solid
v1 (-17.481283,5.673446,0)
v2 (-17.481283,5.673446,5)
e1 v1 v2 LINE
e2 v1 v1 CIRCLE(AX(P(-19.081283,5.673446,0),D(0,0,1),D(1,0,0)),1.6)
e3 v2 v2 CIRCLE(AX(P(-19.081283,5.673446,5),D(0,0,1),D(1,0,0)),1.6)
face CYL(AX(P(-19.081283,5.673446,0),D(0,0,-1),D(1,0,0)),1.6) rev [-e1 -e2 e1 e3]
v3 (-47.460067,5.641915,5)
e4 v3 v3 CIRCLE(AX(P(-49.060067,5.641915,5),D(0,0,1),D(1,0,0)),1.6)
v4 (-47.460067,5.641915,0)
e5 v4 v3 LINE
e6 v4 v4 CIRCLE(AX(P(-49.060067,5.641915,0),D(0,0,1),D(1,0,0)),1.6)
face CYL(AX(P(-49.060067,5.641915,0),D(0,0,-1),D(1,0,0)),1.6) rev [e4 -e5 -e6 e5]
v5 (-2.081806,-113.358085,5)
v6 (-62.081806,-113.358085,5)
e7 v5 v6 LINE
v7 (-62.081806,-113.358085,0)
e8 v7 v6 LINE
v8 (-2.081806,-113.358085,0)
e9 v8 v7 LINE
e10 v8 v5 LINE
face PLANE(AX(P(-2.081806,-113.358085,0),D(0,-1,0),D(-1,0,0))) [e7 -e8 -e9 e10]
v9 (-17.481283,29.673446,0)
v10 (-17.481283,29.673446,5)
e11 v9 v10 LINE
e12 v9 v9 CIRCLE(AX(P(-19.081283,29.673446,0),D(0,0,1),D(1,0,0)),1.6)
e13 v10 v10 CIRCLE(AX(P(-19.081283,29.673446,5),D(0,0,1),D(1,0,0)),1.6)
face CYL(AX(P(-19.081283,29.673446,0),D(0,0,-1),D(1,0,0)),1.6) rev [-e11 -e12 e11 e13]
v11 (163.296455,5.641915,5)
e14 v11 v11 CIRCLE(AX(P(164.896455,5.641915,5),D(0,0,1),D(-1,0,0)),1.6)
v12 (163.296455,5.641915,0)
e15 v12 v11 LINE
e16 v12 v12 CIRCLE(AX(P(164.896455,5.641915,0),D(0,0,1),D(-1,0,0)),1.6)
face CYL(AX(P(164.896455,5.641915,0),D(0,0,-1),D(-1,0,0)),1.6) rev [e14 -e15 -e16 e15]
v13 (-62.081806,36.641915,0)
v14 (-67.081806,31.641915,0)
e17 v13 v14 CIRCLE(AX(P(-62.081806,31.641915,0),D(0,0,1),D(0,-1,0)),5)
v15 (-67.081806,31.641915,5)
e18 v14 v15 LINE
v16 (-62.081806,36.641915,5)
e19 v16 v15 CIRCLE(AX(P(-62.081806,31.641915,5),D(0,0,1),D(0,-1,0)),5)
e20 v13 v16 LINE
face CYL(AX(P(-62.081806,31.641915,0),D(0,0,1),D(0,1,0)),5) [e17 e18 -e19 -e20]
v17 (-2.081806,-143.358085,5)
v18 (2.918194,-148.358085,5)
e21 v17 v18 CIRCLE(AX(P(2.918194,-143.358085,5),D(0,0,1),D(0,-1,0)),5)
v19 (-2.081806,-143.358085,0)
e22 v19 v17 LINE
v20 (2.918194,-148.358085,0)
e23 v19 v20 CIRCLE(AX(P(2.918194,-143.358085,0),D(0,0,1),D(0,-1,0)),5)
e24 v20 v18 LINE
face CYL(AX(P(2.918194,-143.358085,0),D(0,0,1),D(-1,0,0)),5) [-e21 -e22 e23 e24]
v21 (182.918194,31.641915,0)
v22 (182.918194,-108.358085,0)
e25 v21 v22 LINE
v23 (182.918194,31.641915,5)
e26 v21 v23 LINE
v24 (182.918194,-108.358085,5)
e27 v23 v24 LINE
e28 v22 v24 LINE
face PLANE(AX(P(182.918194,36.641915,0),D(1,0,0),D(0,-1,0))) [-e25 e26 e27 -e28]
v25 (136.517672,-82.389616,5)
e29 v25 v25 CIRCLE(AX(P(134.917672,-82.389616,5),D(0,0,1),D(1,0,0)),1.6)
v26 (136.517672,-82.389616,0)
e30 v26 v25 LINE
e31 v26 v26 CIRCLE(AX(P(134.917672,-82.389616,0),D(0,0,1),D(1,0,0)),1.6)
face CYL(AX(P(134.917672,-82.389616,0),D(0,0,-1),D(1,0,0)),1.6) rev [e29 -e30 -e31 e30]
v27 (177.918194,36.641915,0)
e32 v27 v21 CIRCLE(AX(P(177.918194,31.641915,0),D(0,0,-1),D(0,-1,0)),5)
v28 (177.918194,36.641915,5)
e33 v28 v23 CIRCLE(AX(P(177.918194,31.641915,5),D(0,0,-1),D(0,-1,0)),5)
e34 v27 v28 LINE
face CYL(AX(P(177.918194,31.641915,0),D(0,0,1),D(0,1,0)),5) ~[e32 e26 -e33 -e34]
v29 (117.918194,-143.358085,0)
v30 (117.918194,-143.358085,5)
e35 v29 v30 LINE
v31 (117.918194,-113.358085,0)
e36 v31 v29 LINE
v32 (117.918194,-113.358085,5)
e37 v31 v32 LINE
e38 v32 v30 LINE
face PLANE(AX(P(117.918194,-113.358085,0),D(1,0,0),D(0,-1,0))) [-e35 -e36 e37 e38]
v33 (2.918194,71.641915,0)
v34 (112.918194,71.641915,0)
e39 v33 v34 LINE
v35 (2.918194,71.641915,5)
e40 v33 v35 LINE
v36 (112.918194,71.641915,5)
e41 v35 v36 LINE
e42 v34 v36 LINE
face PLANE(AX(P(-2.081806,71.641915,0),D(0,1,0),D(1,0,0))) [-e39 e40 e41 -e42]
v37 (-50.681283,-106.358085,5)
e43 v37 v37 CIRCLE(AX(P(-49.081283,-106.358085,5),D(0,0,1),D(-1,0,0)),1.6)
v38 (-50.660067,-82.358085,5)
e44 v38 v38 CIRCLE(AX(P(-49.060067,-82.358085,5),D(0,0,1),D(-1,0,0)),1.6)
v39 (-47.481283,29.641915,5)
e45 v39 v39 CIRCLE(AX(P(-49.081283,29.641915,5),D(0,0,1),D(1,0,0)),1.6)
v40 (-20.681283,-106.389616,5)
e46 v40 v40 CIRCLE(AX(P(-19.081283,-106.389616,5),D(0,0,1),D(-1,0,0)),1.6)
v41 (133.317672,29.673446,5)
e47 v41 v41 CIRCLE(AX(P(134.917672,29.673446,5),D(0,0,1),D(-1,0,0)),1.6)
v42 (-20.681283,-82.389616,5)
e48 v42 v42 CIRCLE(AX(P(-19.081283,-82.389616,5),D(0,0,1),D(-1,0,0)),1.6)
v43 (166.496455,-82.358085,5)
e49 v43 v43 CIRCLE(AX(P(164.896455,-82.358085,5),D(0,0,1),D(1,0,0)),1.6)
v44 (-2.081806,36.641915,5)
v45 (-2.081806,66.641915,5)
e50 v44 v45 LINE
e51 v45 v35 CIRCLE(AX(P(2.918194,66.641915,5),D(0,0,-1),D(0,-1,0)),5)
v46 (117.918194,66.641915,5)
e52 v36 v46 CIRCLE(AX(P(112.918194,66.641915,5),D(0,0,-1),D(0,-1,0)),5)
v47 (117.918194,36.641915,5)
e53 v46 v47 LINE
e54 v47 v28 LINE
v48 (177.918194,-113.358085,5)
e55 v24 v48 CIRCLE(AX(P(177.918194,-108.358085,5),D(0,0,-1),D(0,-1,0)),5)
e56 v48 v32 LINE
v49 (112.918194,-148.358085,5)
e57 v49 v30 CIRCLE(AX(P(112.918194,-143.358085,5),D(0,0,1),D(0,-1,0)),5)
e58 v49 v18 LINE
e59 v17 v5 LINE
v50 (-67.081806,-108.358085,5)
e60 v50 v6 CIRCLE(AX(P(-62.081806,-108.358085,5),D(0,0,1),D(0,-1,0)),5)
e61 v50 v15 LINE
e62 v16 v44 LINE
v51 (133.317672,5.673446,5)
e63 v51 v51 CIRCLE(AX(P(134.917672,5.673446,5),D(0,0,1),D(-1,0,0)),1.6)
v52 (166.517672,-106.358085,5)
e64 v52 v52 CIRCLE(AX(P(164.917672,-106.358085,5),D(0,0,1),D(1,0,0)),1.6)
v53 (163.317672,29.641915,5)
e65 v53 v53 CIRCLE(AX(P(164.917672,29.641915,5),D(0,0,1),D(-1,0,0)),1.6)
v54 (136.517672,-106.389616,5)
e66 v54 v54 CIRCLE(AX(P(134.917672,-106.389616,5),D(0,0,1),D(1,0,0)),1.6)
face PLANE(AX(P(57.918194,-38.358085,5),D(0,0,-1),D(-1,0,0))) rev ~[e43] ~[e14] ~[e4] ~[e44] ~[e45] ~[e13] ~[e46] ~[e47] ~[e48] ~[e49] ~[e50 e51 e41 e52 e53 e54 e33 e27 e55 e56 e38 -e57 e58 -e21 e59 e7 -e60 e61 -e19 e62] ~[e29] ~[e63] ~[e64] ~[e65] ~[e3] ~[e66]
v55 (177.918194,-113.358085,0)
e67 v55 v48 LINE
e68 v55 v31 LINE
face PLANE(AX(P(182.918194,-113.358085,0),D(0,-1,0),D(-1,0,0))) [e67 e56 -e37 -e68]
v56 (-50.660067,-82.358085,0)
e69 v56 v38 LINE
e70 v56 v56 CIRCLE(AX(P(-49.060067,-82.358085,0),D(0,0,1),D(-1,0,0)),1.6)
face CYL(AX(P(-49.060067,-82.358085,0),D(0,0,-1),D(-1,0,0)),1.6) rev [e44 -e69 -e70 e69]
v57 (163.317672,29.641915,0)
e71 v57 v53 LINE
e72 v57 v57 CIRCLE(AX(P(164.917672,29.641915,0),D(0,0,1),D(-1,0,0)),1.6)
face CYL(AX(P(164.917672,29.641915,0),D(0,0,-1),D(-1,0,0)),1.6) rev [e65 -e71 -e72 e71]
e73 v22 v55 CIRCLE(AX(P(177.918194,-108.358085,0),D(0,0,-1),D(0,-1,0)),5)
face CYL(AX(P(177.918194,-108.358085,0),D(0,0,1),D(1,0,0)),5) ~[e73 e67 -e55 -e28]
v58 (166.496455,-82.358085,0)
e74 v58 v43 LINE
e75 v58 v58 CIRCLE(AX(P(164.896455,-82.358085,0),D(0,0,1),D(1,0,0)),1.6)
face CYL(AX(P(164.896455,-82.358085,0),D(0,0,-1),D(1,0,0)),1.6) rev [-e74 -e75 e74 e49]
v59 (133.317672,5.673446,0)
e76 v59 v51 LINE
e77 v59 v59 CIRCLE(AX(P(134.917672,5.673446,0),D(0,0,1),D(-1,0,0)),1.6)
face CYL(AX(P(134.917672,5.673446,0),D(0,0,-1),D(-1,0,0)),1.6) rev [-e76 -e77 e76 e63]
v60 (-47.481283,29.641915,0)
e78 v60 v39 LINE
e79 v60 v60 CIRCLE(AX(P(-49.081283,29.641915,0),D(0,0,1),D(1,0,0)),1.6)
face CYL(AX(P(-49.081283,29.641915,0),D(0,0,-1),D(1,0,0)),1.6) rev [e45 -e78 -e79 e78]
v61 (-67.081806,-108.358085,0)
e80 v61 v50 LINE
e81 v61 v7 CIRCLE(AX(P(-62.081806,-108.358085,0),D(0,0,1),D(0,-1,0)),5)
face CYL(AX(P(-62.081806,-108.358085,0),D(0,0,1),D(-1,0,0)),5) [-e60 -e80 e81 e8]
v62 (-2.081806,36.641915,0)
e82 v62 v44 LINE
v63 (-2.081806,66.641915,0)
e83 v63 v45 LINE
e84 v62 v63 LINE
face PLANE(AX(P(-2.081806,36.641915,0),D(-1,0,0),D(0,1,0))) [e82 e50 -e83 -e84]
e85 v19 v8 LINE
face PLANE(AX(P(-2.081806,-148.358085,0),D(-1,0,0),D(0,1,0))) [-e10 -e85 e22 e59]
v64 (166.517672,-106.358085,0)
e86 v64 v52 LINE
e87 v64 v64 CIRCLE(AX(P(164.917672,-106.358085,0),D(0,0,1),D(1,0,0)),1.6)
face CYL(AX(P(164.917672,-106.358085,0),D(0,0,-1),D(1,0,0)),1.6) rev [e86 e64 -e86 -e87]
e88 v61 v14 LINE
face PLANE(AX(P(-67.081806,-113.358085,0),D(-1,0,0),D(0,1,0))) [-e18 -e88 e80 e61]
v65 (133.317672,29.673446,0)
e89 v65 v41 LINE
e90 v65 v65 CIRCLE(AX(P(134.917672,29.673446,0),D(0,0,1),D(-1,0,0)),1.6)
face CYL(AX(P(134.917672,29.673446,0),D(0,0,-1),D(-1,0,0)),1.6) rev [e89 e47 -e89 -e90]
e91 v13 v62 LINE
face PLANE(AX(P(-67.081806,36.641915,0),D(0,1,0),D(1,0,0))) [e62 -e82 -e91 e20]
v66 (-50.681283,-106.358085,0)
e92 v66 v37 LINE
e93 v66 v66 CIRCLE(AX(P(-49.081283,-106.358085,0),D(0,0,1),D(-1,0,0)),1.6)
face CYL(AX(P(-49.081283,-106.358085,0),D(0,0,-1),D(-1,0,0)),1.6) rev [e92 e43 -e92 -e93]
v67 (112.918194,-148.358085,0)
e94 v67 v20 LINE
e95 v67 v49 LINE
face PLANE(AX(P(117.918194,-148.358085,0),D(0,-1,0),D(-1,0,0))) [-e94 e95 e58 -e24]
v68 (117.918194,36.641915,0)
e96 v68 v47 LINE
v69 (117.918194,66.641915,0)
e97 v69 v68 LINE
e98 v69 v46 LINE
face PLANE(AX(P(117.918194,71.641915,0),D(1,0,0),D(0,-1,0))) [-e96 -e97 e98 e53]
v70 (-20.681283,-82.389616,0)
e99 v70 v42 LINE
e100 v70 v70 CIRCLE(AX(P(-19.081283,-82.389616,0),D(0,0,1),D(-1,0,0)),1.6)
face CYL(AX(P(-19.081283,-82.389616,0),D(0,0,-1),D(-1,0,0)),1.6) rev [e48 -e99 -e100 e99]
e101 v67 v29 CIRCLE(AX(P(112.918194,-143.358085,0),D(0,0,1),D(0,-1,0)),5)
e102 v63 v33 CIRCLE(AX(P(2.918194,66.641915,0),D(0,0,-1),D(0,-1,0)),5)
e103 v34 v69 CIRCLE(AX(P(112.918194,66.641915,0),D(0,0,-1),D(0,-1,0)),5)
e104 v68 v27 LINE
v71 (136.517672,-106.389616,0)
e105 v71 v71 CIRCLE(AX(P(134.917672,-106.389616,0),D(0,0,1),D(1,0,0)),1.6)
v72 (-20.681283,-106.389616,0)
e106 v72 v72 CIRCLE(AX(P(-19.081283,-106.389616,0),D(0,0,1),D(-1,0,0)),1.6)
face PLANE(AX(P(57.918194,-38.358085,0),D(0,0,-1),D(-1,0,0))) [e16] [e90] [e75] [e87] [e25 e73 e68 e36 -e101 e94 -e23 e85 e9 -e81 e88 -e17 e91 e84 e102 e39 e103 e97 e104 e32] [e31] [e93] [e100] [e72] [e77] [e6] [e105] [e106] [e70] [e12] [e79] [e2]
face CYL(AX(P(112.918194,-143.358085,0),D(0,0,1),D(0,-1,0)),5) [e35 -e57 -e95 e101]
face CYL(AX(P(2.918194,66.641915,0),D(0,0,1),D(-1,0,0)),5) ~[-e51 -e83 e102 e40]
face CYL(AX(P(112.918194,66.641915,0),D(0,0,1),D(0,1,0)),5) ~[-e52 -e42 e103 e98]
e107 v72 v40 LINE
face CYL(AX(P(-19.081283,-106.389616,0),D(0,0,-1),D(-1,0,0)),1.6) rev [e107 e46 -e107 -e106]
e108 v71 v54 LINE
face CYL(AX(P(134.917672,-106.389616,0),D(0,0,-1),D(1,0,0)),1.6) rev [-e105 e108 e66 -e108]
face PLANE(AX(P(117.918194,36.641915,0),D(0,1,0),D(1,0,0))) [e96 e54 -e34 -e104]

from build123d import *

# Parameters (mm, degrees)
SKETCH_1_R      = 1.6
EXTRUDE_1_DEPTH = 5
FILLET_1_R      = 5


with BuildPart() as part:
    # 草图1 → 凸台-拉伸1 (new body)
    with BuildSketch(Plane.XY):
        Polygon((-67.081805701, 36.641915025), (-2.081805701, 36.641915025), (-2.081805701, 71.641915025), (117.918194299, 71.641915025), (117.918194299, 36.641915025), (182.918194299, 36.641915025), (182.918194299, -113.358084975), (117.918194299, -113.358084975), (117.918194299, -148.358084975), (-2.081805701, -148.358084975), (-2.081805701, -113.358084975), (-67.081805701, -113.358084975), align=None)
        with Locations((-49.081283258, 29.641915025)):
            Circle(SKETCH_1_R, mode=Mode.SUBTRACT)
        with Locations((-19.081283258, 29.673445995)):
            Circle(SKETCH_1_R, mode=Mode.SUBTRACT)
        with Locations((-49.060066678, 5.641915025)):
            Circle(SKETCH_1_R, mode=Mode.SUBTRACT)
        with Locations((-19.081283258, 5.673445995)):
            Circle(SKETCH_1_R, mode=Mode.SUBTRACT)
        with Locations(Location((164.896455276, 5.641915025, 0), (0, 0, 180))):
            Circle(SKETCH_1_R, mode=Mode.SUBTRACT)
        with Locations(Location((134.917671856, 5.673445995, 0), (0, 0, 180))):
            Circle(SKETCH_1_R, mode=Mode.SUBTRACT)
        with Locations(Location((134.917671856, 29.673445995, 0), (0, 0, 180))):
            Circle(SKETCH_1_R, mode=Mode.SUBTRACT)
        with Locations(Location((164.917671856, 29.641915025, 0), (0, 0, 180))):
            Circle(SKETCH_1_R, mode=Mode.SUBTRACT)
        with Locations((134.917671856, -82.389615946)):
            Circle(SKETCH_1_R, mode=Mode.SUBTRACT)
        with Locations((164.896455276, -82.358084975)):
            Circle(SKETCH_1_R, mode=Mode.SUBTRACT)
        with Locations((164.917671856, -106.358084975)):
            Circle(SKETCH_1_R, mode=Mode.SUBTRACT)
        with Locations((134.917671856, -106.389615946)):
            Circle(SKETCH_1_R, mode=Mode.SUBTRACT)
        with Locations(Location((-49.060066678, -82.358084975, 0), (0, 0, 180))):
            Circle(SKETCH_1_R, mode=Mode.SUBTRACT)
        with Locations(Location((-19.081283258, -82.389615946, 0), (0, 0, 180))):
            Circle(SKETCH_1_R, mode=Mode.SUBTRACT)
        with Locations(Location((-19.081283258, -106.389615946, 0), (0, 0, 180))):
            Circle(SKETCH_1_R, mode=Mode.SUBTRACT)
        with Locations(Location((-49.081283258, -106.358084975, 0), (0, 0, 180))):
            Circle(SKETCH_1_R, mode=Mode.SUBTRACT)
    extrude(amount=EXTRUDE_1_DEPTH)

    # 圆角1
    fillet_1_edges = [part.edges().sort_by_distance(p)[0] for p in [
        (-67.081805701, 36.641915025, 2.5),
        (-2.081805701, 71.641915025, 2.5),
        (117.918194299, 71.641915025, 2.5),
        (182.918194299, 36.641915025, 2.5),
        (182.918194299, -113.358084975, 2.5),
        (117.918194299, -148.358084975, 2.5),
        (-2.081805701, -148.358084975, 2.5),
        (-67.081805701, -113.358084975, 2.5),
    ]]
    fillet(fillet_1_edges, radius=FILLET_1_R)


solid = part.part
